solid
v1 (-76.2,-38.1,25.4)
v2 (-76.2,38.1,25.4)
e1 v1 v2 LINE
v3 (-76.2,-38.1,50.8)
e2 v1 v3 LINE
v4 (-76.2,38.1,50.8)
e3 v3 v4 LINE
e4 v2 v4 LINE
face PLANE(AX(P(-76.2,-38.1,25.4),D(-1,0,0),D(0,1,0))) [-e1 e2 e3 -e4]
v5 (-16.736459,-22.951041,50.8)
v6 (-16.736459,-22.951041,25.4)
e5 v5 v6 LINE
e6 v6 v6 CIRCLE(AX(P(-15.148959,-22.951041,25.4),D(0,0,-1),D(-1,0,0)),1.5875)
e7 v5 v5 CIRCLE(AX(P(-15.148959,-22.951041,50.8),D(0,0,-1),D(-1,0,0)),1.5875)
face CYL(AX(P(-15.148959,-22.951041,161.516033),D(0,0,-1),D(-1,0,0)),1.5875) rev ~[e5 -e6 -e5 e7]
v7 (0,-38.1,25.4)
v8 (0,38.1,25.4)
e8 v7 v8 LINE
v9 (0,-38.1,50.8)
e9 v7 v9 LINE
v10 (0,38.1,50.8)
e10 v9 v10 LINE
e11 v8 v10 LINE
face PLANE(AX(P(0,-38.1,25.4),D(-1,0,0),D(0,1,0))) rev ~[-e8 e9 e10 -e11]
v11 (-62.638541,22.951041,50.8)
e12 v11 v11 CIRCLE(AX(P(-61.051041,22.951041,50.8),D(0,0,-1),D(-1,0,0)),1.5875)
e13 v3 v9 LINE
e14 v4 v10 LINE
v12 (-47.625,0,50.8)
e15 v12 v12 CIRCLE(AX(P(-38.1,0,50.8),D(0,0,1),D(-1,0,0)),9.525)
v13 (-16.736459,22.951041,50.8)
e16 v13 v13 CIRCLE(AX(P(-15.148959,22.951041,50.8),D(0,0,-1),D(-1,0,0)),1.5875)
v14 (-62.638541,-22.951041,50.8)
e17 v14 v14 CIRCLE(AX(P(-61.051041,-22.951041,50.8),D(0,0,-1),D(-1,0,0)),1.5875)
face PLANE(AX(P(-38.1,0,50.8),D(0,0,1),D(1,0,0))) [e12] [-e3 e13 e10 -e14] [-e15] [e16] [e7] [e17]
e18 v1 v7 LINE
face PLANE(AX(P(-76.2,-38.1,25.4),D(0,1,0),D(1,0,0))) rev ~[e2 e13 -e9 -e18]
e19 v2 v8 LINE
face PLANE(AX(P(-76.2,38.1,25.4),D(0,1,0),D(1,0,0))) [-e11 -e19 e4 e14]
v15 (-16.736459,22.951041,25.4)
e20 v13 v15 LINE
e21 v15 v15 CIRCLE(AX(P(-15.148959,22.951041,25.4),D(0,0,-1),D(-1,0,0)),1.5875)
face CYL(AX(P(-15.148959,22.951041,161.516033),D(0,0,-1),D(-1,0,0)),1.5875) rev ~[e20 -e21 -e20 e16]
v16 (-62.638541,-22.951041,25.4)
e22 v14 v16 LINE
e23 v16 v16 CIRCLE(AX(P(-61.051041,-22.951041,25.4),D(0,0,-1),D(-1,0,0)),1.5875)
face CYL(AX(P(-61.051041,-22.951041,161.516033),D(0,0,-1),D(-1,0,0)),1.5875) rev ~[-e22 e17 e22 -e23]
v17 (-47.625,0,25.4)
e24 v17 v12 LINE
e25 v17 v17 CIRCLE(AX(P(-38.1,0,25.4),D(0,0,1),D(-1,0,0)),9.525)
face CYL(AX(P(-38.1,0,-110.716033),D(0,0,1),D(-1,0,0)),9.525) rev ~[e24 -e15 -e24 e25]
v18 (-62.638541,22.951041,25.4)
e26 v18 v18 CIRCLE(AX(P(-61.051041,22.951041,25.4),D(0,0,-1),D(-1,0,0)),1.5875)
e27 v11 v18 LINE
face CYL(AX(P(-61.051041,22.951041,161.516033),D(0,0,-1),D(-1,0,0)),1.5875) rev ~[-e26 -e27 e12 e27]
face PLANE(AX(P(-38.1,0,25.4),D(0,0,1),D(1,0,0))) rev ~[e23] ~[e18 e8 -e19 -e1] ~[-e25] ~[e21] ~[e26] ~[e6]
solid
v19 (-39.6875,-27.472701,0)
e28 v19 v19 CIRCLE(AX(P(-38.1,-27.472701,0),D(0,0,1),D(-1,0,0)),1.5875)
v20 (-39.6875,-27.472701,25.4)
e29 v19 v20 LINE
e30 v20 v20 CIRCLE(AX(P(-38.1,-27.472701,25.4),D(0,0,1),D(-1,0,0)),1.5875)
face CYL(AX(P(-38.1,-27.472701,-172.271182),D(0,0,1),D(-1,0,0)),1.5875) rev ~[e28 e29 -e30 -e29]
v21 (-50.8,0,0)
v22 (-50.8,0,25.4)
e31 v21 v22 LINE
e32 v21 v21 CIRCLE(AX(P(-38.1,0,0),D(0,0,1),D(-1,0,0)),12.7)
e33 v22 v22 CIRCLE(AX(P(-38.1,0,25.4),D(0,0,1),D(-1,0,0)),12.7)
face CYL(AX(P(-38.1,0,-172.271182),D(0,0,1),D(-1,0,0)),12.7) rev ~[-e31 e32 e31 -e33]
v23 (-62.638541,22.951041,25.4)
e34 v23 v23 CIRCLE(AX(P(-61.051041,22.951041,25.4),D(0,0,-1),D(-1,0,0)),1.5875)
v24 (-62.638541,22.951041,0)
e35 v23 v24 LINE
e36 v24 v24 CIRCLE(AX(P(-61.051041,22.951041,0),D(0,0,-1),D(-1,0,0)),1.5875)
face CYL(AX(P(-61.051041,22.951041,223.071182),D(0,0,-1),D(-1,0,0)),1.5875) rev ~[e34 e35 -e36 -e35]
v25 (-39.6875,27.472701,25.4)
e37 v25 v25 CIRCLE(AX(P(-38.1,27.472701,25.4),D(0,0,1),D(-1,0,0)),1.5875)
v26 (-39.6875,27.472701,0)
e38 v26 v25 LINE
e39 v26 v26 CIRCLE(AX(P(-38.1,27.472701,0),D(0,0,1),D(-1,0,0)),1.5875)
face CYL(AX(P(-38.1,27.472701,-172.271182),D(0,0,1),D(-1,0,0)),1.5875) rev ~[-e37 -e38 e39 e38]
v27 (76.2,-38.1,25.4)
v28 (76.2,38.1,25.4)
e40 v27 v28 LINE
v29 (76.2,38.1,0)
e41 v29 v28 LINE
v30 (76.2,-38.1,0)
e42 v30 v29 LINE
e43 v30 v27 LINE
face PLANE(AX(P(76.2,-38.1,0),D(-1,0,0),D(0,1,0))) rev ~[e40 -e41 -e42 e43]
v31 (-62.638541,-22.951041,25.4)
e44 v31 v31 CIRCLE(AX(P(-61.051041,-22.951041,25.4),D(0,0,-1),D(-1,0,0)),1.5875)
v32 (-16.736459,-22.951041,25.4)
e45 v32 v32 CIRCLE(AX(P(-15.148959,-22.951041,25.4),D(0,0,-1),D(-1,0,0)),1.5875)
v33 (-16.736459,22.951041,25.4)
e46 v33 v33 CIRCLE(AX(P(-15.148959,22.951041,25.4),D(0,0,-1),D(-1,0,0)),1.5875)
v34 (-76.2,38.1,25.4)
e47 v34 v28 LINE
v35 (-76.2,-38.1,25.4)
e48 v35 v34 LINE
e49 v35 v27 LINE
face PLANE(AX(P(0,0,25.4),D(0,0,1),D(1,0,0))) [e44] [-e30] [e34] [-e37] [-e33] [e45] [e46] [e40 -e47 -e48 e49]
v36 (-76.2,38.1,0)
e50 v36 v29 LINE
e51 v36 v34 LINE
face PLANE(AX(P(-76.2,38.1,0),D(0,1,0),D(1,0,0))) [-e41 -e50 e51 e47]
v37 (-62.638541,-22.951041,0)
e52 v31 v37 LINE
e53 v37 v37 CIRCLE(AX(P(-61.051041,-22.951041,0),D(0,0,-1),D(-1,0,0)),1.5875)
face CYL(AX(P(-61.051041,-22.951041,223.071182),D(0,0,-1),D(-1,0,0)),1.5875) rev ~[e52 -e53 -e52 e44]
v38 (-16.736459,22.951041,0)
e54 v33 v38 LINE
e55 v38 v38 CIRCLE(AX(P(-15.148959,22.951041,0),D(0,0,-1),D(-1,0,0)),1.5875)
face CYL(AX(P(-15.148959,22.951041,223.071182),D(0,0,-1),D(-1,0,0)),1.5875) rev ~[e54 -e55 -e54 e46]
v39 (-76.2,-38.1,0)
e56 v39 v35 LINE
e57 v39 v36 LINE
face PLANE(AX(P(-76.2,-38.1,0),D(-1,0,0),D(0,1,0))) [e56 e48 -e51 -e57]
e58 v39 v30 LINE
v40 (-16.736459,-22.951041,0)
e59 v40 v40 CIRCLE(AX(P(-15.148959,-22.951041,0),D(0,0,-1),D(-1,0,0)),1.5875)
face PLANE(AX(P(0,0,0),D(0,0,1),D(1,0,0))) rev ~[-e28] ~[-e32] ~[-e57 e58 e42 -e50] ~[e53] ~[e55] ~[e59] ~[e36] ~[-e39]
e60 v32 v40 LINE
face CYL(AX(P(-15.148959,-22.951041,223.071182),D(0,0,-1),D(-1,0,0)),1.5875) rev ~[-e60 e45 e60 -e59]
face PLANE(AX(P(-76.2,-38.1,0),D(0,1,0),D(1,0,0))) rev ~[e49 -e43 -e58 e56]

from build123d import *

# Parameters (mm, degrees)
F0_W     = 152.4
F0_H     = 76.2
F2_DEPTH = 25.4
F4_D     = 25.4
F5_D     = 3.175
F3_W     = 76.2
F3_H     = 76.2
F6_DEPTH = 25.4
F8_D     = 3.175
F8_2_D   = 3.175
F9_D     = 19.05


with BuildPart() as f2:
    # F0 (on Top) → F2 (new body)
    with BuildSketch(Plane.XY):
        Rectangle(F0_W, F0_H)
    extrude(amount=F2_DEPTH)

    # F4 (through all)
    with Locations(Plane(origin=(0, 0, 0), x_dir=(1, 0, 0), z_dir=(0, 0, -1))):
        with Locations((-38.1, 0)):
            Hole(F4_D / 2)

    # F5 (through all)
    with Locations(Plane(origin=(0, 0, 0), x_dir=(1, 0, 0), z_dir=(0, 0, -1))):
        with Locations((-38.1, 27.472701), (-38.1, -27.472701)):
            Hole(F5_D / 2)

    # F8 (through all)
    with Locations(Plane.XY.offset(50.8)):
        with Locations((-15.148959, 22.951041), (-15.148959, -22.951041), (-61.051041, -22.951041), (-61.051041, 22.951041)):
            Hole(F8_D / 2)


with BuildPart() as f6:
    # F3 (on face) → F6 (new body)
    with BuildSketch(Plane.XY.offset(25.4)):
        with Locations((-38.1, 0)):
            Rectangle(F3_W, F3_H)
    extrude(amount=F6_DEPTH)

    # F8#2 (through all)
    with Locations(Plane.XY.offset(50.8)):
        with Locations((-15.148959, 22.951041), (-15.148959, -22.951041), (-61.051041, -22.951041), (-61.051041, 22.951041)):
            Hole(F8_2_D / 2)

    # F9 (through all)
    with Locations(Plane(origin=(0, 0, 0), x_dir=(1, 0, 0), z_dir=(0, 0, -1))):
        with Locations((-38.1, 0)):
            Hole(F9_D / 2)


solid = Compound([f2.part, f6.part])
